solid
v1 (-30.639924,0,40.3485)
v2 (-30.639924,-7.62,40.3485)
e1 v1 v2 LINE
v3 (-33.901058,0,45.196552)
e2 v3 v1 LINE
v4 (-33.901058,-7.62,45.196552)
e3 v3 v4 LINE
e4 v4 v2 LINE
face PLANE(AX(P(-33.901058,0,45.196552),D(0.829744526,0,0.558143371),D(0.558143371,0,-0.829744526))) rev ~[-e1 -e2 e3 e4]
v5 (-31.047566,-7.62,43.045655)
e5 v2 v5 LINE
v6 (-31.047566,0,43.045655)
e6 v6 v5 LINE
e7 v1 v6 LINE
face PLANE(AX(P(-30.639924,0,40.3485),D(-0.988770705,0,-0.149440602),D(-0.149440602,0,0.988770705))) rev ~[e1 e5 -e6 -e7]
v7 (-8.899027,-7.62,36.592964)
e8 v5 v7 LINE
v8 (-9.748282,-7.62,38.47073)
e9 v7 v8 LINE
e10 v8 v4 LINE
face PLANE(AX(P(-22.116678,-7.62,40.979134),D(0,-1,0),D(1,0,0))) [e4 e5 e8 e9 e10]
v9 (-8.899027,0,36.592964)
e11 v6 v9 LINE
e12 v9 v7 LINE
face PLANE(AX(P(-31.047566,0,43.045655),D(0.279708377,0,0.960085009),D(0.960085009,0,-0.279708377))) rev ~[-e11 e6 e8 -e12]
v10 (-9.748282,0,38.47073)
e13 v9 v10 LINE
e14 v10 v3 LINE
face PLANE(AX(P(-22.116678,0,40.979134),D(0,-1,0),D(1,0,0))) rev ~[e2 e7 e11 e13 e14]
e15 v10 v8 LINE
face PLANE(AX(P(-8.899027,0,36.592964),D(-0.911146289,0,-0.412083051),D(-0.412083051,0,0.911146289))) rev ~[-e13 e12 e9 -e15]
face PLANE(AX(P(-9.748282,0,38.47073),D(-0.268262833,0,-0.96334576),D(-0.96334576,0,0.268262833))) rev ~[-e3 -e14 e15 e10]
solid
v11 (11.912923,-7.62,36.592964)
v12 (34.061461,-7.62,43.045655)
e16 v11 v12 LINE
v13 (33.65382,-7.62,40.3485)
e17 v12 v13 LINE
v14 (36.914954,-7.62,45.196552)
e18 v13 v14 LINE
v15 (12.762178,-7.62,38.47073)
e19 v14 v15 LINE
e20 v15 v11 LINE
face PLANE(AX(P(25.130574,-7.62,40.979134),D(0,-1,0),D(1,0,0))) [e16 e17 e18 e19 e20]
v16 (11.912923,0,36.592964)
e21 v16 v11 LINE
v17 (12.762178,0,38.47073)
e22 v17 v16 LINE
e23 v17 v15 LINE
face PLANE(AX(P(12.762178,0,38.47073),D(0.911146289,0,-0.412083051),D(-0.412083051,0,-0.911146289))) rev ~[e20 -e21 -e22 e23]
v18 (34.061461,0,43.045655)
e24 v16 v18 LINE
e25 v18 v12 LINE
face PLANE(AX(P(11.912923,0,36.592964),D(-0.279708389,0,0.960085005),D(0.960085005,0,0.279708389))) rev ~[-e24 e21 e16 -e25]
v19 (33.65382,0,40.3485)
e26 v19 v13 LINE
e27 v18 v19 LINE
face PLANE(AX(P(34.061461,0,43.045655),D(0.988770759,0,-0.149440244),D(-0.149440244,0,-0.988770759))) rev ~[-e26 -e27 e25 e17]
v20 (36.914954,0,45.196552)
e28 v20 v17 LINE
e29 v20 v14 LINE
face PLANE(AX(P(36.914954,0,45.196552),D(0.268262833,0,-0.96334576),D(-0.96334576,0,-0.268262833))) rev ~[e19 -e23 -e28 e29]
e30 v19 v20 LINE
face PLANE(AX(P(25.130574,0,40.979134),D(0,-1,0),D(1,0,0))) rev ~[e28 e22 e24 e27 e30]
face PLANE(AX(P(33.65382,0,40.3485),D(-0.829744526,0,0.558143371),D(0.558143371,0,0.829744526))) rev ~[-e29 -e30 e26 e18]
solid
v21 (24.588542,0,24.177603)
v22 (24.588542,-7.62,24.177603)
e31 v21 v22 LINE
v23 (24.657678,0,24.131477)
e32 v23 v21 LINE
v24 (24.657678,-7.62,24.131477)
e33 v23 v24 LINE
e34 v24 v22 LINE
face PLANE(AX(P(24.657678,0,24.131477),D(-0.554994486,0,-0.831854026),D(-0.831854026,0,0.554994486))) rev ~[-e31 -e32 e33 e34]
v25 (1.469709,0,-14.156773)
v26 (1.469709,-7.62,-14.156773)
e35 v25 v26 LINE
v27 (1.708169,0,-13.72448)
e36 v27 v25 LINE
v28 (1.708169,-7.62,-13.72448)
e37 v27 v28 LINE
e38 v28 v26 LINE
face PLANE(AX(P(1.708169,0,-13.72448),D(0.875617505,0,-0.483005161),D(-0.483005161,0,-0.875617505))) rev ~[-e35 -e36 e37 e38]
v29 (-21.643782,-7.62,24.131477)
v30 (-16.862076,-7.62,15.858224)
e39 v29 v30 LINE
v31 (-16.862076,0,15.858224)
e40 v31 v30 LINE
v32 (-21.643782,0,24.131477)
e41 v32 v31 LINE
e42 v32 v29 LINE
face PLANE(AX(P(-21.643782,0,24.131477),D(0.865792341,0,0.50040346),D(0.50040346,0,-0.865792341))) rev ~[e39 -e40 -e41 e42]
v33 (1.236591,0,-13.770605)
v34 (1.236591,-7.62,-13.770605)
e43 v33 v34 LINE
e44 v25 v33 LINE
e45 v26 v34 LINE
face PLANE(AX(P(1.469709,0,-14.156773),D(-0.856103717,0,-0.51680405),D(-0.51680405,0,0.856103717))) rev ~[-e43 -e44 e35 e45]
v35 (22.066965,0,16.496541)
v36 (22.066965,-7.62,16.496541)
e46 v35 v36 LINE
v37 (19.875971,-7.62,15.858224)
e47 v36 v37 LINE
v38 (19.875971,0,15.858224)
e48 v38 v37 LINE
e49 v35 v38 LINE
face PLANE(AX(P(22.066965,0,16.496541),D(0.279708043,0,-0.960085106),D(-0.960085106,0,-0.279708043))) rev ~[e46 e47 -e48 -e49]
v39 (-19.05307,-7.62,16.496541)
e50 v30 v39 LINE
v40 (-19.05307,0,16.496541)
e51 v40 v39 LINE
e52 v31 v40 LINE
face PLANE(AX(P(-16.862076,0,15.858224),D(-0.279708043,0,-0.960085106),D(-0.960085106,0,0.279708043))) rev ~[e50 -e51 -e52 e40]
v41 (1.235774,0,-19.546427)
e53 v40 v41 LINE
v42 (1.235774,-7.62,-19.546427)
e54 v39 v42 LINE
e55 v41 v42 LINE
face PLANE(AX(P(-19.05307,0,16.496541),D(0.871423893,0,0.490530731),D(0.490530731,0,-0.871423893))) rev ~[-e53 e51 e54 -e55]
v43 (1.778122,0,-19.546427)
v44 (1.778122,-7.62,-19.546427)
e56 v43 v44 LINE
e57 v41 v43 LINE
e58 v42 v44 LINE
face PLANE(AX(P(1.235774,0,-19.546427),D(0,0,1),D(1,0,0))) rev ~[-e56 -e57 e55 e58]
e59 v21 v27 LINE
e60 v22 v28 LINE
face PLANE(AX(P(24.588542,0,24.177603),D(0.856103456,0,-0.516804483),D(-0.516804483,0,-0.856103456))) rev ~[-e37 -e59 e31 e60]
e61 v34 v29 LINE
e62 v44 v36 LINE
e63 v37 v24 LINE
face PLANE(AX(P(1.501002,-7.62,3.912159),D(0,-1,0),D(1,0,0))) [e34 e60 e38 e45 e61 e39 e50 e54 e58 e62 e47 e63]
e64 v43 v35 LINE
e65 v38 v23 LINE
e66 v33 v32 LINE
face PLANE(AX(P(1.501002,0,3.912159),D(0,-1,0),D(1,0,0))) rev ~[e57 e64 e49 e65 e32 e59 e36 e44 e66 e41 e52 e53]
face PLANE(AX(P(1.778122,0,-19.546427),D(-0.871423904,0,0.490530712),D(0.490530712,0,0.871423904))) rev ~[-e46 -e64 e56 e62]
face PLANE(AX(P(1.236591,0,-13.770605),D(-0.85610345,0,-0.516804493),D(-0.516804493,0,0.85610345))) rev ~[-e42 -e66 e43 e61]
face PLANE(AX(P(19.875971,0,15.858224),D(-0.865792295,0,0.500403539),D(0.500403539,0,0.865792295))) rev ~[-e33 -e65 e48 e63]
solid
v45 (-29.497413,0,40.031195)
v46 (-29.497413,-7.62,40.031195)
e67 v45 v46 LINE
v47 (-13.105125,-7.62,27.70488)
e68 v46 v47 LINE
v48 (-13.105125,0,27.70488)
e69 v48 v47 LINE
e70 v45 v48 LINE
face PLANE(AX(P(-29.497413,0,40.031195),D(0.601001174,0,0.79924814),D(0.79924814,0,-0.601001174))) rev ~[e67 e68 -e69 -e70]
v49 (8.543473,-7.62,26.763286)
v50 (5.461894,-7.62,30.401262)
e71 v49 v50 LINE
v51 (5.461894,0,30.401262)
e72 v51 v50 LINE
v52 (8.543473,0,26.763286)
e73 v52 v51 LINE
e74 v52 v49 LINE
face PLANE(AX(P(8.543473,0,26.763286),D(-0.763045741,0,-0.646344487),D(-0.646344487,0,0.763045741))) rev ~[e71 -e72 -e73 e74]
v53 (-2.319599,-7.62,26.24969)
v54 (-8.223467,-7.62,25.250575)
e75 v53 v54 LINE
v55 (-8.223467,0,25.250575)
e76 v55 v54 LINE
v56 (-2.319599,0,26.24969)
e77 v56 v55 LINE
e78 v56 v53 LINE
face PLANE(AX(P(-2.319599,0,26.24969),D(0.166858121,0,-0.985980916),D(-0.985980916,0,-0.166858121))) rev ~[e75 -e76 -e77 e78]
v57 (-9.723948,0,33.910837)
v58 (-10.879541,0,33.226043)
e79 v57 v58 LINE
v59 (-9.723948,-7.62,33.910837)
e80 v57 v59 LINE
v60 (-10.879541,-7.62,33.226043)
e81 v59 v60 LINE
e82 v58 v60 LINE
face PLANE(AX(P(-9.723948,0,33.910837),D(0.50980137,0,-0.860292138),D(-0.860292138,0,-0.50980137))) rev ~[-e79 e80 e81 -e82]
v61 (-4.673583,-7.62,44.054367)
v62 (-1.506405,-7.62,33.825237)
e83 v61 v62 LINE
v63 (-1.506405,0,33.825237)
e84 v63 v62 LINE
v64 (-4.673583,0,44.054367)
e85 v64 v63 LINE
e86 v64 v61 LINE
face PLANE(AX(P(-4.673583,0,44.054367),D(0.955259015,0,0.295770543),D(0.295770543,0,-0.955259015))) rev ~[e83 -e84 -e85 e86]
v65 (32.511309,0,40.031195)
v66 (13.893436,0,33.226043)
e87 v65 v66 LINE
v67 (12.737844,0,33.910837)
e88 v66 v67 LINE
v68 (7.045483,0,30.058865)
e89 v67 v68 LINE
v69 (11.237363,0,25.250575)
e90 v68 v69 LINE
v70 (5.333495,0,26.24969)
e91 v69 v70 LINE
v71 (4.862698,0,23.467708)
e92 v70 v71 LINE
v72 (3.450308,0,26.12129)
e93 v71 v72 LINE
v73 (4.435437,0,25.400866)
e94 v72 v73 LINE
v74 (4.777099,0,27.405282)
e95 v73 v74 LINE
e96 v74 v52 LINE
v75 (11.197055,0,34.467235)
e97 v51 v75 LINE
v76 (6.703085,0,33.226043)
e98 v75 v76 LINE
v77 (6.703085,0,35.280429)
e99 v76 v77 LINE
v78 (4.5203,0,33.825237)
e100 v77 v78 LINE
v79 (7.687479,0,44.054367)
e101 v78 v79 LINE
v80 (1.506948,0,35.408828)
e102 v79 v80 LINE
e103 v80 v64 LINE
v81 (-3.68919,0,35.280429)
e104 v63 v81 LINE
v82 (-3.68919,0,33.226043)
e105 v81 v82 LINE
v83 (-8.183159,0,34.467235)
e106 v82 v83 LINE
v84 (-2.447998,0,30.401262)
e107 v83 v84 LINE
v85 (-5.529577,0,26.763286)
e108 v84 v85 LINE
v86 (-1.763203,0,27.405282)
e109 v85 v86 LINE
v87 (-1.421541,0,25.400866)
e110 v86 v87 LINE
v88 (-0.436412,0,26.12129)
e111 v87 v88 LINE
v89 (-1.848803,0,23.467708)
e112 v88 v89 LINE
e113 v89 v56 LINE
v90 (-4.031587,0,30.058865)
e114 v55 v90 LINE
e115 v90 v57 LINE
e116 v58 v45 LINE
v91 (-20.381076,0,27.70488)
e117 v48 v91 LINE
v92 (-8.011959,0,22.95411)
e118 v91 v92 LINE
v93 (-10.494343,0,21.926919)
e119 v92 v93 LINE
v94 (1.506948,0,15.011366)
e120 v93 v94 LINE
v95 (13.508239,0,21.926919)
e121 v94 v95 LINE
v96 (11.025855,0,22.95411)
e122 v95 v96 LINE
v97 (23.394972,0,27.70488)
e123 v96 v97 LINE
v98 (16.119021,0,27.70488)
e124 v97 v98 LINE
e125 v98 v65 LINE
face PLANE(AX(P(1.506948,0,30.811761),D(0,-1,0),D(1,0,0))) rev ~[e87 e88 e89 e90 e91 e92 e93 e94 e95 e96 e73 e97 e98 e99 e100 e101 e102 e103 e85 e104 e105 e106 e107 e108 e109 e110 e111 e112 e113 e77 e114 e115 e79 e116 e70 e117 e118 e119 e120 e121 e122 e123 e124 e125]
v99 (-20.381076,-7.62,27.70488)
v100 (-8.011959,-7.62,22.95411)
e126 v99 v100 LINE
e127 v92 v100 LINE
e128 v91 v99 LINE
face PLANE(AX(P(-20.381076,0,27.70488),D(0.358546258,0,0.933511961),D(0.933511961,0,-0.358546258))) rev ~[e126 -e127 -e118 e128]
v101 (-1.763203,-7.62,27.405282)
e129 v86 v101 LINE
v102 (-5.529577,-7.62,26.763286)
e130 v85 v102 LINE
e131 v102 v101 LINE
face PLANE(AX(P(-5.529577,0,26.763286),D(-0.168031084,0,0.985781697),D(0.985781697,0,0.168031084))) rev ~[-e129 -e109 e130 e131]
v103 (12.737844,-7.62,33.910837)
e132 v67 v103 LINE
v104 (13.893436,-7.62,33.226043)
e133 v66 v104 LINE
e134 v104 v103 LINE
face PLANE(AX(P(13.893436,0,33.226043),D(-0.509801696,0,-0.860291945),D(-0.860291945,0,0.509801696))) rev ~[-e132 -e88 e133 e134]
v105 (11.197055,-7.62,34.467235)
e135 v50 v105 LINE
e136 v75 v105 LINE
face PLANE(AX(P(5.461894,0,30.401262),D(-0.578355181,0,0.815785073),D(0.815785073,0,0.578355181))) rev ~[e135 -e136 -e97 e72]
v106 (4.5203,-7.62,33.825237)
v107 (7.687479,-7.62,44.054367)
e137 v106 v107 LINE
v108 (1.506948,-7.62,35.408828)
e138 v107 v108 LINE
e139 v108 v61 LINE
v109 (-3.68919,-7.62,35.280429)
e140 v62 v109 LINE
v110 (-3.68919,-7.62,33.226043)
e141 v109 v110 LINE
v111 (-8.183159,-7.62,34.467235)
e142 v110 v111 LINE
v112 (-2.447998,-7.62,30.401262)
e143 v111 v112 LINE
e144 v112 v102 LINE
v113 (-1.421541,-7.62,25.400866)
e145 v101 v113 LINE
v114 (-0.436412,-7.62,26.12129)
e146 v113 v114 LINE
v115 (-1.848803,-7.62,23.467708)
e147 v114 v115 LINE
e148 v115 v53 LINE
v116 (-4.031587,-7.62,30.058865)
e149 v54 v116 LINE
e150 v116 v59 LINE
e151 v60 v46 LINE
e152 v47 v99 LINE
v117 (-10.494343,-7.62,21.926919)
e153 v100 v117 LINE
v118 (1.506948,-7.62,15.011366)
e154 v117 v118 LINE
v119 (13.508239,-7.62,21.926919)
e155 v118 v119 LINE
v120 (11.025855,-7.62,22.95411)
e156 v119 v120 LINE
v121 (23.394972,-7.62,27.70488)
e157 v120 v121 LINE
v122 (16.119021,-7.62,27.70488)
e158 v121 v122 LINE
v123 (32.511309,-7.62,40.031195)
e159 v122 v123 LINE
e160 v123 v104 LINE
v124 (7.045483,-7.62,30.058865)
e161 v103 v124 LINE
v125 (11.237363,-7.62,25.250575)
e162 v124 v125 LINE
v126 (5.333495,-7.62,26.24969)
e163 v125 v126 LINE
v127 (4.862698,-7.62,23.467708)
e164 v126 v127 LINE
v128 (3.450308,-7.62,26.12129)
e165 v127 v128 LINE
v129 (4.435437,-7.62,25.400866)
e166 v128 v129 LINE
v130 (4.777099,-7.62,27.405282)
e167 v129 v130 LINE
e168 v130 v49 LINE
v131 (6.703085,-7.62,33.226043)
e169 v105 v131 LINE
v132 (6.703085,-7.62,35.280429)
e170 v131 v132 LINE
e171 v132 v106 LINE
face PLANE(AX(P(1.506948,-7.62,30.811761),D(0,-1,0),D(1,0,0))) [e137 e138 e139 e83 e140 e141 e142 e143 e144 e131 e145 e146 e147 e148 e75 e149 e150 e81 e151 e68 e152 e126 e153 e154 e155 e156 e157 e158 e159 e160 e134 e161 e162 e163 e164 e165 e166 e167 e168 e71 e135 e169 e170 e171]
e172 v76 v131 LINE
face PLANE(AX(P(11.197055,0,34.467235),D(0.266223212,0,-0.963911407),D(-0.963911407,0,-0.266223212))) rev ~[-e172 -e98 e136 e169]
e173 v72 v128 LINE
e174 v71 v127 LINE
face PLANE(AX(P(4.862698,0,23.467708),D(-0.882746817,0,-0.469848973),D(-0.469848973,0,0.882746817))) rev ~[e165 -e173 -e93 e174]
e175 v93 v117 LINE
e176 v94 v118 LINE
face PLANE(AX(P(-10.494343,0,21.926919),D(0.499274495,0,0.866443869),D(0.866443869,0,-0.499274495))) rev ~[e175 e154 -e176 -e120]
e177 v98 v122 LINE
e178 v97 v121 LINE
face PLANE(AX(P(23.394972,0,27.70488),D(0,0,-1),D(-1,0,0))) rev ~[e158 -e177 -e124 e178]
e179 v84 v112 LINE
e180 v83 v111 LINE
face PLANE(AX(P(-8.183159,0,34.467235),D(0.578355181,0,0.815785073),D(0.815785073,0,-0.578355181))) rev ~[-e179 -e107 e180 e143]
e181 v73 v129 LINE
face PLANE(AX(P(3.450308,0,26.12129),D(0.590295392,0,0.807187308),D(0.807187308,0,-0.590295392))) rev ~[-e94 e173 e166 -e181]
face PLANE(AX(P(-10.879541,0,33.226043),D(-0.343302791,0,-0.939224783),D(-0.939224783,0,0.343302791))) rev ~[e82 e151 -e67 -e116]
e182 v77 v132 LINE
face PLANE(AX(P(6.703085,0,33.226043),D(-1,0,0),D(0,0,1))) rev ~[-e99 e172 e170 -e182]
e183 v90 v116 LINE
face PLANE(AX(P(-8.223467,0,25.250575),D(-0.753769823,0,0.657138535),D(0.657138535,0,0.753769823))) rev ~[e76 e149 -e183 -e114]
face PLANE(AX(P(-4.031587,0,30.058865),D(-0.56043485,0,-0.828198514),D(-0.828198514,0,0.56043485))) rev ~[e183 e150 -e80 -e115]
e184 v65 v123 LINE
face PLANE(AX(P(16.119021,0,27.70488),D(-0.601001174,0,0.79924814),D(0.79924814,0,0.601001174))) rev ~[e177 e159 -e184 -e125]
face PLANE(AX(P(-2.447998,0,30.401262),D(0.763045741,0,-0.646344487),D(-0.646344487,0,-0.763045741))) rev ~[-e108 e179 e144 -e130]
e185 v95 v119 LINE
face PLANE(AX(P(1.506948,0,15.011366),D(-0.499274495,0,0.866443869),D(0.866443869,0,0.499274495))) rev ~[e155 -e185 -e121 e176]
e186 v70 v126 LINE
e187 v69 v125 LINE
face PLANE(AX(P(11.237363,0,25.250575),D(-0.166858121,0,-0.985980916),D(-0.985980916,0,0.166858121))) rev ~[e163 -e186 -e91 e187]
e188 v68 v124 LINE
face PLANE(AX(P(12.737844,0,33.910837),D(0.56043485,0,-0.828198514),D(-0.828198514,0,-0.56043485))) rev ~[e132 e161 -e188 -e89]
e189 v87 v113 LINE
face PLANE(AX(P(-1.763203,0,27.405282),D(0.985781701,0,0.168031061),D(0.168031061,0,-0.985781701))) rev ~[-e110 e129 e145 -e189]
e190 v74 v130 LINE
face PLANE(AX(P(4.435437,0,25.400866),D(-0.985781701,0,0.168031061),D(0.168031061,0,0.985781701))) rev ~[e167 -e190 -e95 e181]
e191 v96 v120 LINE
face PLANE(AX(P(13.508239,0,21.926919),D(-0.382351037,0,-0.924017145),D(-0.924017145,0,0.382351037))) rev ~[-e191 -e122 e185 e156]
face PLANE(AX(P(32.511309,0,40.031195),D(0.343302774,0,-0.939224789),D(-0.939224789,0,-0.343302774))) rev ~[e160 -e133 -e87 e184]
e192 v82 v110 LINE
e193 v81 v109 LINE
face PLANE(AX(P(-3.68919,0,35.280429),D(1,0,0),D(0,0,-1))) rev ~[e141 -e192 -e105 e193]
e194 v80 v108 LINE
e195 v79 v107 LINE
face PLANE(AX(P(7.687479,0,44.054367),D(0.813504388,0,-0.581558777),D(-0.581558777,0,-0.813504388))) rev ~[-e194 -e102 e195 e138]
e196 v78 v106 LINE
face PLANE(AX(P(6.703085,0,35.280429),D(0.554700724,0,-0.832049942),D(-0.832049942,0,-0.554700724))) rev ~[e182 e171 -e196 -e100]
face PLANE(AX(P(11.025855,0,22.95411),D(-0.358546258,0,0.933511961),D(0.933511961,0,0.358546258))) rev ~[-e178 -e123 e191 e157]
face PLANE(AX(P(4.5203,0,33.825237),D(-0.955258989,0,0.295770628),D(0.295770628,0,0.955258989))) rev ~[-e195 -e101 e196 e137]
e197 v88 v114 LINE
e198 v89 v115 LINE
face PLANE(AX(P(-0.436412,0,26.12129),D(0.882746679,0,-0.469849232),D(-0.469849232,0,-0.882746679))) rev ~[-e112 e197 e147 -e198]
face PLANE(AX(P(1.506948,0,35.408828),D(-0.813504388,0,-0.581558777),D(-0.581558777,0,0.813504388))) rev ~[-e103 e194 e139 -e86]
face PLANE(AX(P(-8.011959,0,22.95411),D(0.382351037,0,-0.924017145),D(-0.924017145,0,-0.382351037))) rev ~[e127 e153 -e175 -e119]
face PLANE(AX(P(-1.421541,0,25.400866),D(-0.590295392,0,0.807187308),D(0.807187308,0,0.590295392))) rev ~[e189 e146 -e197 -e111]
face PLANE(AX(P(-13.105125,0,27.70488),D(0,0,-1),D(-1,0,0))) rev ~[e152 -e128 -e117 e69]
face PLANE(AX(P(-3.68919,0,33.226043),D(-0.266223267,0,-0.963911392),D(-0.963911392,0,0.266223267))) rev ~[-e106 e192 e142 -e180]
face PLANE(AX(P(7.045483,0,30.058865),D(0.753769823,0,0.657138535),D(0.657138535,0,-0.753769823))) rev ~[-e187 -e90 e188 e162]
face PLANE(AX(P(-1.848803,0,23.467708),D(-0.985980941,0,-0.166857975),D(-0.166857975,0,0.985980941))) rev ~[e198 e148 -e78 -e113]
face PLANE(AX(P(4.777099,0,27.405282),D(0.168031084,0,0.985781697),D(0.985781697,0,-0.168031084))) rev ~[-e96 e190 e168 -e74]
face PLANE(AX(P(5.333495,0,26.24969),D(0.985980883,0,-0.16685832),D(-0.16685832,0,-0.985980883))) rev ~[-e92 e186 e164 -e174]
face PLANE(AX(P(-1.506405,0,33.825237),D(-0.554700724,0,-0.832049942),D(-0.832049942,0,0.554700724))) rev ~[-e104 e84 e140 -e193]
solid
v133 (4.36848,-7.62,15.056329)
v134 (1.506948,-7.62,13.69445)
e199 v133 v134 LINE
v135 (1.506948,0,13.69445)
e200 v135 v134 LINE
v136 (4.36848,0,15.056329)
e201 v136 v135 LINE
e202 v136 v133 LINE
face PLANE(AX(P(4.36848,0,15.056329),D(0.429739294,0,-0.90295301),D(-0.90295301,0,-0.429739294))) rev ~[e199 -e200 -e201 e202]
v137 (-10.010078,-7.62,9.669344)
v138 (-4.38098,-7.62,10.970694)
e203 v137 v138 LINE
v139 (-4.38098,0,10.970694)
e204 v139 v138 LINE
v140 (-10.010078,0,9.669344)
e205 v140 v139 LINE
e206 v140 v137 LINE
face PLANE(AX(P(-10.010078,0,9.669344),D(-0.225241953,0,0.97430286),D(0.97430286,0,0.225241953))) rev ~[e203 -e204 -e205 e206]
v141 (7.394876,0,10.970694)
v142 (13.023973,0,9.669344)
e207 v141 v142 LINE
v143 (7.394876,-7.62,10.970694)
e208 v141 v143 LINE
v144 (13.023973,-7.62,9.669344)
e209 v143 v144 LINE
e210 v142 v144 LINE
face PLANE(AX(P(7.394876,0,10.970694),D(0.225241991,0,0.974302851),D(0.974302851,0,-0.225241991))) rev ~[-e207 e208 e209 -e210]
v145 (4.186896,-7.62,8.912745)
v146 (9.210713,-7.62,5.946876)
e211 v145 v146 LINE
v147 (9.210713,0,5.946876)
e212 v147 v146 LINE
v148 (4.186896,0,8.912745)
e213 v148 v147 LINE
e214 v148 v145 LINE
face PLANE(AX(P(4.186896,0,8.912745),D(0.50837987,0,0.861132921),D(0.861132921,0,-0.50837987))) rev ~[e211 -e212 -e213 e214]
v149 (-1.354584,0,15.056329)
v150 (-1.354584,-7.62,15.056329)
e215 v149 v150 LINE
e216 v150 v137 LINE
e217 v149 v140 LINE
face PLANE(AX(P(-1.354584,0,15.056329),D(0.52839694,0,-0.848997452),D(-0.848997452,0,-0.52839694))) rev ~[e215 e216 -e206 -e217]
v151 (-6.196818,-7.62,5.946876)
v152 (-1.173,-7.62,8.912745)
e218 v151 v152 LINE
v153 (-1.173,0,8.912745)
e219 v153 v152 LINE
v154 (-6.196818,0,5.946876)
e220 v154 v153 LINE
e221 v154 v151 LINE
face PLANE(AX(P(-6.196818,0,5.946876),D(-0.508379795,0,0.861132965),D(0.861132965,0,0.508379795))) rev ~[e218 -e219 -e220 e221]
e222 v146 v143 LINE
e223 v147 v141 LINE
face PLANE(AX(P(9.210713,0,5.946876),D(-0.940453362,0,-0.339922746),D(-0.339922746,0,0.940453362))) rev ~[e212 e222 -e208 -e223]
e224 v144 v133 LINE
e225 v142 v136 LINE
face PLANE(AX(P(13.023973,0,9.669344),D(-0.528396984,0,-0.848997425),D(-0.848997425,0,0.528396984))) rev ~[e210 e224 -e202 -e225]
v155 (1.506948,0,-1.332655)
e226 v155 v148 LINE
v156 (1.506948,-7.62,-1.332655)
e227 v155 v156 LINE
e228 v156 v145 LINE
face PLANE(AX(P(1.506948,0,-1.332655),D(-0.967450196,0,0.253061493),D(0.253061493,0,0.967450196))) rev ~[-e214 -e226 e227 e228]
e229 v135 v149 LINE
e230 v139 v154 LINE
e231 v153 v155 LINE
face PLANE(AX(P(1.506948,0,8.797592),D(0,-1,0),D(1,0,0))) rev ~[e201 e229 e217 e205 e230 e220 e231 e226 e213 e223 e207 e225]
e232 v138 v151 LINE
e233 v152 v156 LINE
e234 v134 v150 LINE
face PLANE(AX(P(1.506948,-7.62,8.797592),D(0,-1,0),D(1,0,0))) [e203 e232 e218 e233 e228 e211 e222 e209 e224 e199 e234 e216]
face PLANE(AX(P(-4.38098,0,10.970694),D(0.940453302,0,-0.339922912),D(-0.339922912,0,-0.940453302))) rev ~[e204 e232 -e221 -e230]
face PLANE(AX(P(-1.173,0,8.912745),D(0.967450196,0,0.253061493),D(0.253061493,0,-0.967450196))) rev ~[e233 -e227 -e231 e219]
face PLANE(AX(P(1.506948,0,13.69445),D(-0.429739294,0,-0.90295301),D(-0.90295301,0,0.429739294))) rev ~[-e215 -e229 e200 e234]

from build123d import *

# Parameters (mm, degrees)
F1_DEPTH = 7.62


with BuildPart() as f1:
    # F0 (on Front) → F1 (new body)
    with BuildSketch(Plane.XZ):
        Polygon((11.912923, 36.592964), (34.061461, 43.045655), (33.65382, 40.3485), (36.914954, 45.196552), (12.762178, 38.47073), align=None)
        Polygon((1.236591, -13.770605), (-21.643782, 24.131477), (-16.862076, 15.858224), (-19.05307, 16.496541), (1.235774, -19.546427), (1.778122, -19.546427), (22.066965, 16.496541), (19.875971, 15.858224), (24.657678, 24.131477), (24.588542, 24.177603), (1.708169, -13.72448), (1.469709, -14.156773), align=None)
        Polygon((1.506948, 13.69445), (-1.354584, 15.056329), (-10.010078, 9.669344), (-4.38098, 10.970694), (-6.196818, 5.946876), (-1.173, 8.912745), (1.506948, -1.332655), (4.186896, 8.912745), (9.210713, 5.946876), (7.394876, 10.970694), (13.023973, 9.669344), (4.36848, 15.056329), align=None)
        Polygon((-9.748282, 38.47073), (-33.901058, 45.196552), (-30.639924, 40.3485), (-31.047566, 43.045655), (-8.899027, 36.592964), align=None)
        Polygon((7.687479, 44.054367), (1.506948, 35.408828), (-4.673583, 44.054367), (-1.506405, 33.825237), (-3.68919, 35.280429), (-3.68919, 33.226043), (-8.183159, 34.467235), (-2.447998, 30.401262), (-5.529577, 26.763286), (-1.763203, 27.405282), (-1.421541, 25.400866), (-0.436412, 26.12129), (-1.848803, 23.467708), (-2.319599, 26.24969), (-8.223467, 25.250575), (-4.031587, 30.058865), (-9.723948, 33.910837), (-10.879541, 33.226043), (-29.497413, 40.031195), (-13.105125, 27.70488), (-20.381076, 27.70488), (-8.011959, 22.95411), (-10.494343, 21.926919), (1.506948, 15.011366), (13.508239, 21.926919), (11.025855, 22.95411), (23.394972, 27.70488), (16.119021, 27.70488), (32.511309, 40.031195), (13.893436, 33.226043), (12.737844, 33.910837), (7.045483, 30.058865), (11.237363, 25.250575), (5.333495, 26.24969), (4.862698, 23.467708), (3.450308, 26.12129), (4.435437, 25.400866), (4.777099, 27.405282), (8.543473, 26.763286), (5.461894, 30.401262), (11.197055, 34.467235), (6.703085, 33.226043), (6.703085, 35.280429), (4.5203, 33.825237), align=None)
    extrude(amount=F1_DEPTH)


solid = f1.part
